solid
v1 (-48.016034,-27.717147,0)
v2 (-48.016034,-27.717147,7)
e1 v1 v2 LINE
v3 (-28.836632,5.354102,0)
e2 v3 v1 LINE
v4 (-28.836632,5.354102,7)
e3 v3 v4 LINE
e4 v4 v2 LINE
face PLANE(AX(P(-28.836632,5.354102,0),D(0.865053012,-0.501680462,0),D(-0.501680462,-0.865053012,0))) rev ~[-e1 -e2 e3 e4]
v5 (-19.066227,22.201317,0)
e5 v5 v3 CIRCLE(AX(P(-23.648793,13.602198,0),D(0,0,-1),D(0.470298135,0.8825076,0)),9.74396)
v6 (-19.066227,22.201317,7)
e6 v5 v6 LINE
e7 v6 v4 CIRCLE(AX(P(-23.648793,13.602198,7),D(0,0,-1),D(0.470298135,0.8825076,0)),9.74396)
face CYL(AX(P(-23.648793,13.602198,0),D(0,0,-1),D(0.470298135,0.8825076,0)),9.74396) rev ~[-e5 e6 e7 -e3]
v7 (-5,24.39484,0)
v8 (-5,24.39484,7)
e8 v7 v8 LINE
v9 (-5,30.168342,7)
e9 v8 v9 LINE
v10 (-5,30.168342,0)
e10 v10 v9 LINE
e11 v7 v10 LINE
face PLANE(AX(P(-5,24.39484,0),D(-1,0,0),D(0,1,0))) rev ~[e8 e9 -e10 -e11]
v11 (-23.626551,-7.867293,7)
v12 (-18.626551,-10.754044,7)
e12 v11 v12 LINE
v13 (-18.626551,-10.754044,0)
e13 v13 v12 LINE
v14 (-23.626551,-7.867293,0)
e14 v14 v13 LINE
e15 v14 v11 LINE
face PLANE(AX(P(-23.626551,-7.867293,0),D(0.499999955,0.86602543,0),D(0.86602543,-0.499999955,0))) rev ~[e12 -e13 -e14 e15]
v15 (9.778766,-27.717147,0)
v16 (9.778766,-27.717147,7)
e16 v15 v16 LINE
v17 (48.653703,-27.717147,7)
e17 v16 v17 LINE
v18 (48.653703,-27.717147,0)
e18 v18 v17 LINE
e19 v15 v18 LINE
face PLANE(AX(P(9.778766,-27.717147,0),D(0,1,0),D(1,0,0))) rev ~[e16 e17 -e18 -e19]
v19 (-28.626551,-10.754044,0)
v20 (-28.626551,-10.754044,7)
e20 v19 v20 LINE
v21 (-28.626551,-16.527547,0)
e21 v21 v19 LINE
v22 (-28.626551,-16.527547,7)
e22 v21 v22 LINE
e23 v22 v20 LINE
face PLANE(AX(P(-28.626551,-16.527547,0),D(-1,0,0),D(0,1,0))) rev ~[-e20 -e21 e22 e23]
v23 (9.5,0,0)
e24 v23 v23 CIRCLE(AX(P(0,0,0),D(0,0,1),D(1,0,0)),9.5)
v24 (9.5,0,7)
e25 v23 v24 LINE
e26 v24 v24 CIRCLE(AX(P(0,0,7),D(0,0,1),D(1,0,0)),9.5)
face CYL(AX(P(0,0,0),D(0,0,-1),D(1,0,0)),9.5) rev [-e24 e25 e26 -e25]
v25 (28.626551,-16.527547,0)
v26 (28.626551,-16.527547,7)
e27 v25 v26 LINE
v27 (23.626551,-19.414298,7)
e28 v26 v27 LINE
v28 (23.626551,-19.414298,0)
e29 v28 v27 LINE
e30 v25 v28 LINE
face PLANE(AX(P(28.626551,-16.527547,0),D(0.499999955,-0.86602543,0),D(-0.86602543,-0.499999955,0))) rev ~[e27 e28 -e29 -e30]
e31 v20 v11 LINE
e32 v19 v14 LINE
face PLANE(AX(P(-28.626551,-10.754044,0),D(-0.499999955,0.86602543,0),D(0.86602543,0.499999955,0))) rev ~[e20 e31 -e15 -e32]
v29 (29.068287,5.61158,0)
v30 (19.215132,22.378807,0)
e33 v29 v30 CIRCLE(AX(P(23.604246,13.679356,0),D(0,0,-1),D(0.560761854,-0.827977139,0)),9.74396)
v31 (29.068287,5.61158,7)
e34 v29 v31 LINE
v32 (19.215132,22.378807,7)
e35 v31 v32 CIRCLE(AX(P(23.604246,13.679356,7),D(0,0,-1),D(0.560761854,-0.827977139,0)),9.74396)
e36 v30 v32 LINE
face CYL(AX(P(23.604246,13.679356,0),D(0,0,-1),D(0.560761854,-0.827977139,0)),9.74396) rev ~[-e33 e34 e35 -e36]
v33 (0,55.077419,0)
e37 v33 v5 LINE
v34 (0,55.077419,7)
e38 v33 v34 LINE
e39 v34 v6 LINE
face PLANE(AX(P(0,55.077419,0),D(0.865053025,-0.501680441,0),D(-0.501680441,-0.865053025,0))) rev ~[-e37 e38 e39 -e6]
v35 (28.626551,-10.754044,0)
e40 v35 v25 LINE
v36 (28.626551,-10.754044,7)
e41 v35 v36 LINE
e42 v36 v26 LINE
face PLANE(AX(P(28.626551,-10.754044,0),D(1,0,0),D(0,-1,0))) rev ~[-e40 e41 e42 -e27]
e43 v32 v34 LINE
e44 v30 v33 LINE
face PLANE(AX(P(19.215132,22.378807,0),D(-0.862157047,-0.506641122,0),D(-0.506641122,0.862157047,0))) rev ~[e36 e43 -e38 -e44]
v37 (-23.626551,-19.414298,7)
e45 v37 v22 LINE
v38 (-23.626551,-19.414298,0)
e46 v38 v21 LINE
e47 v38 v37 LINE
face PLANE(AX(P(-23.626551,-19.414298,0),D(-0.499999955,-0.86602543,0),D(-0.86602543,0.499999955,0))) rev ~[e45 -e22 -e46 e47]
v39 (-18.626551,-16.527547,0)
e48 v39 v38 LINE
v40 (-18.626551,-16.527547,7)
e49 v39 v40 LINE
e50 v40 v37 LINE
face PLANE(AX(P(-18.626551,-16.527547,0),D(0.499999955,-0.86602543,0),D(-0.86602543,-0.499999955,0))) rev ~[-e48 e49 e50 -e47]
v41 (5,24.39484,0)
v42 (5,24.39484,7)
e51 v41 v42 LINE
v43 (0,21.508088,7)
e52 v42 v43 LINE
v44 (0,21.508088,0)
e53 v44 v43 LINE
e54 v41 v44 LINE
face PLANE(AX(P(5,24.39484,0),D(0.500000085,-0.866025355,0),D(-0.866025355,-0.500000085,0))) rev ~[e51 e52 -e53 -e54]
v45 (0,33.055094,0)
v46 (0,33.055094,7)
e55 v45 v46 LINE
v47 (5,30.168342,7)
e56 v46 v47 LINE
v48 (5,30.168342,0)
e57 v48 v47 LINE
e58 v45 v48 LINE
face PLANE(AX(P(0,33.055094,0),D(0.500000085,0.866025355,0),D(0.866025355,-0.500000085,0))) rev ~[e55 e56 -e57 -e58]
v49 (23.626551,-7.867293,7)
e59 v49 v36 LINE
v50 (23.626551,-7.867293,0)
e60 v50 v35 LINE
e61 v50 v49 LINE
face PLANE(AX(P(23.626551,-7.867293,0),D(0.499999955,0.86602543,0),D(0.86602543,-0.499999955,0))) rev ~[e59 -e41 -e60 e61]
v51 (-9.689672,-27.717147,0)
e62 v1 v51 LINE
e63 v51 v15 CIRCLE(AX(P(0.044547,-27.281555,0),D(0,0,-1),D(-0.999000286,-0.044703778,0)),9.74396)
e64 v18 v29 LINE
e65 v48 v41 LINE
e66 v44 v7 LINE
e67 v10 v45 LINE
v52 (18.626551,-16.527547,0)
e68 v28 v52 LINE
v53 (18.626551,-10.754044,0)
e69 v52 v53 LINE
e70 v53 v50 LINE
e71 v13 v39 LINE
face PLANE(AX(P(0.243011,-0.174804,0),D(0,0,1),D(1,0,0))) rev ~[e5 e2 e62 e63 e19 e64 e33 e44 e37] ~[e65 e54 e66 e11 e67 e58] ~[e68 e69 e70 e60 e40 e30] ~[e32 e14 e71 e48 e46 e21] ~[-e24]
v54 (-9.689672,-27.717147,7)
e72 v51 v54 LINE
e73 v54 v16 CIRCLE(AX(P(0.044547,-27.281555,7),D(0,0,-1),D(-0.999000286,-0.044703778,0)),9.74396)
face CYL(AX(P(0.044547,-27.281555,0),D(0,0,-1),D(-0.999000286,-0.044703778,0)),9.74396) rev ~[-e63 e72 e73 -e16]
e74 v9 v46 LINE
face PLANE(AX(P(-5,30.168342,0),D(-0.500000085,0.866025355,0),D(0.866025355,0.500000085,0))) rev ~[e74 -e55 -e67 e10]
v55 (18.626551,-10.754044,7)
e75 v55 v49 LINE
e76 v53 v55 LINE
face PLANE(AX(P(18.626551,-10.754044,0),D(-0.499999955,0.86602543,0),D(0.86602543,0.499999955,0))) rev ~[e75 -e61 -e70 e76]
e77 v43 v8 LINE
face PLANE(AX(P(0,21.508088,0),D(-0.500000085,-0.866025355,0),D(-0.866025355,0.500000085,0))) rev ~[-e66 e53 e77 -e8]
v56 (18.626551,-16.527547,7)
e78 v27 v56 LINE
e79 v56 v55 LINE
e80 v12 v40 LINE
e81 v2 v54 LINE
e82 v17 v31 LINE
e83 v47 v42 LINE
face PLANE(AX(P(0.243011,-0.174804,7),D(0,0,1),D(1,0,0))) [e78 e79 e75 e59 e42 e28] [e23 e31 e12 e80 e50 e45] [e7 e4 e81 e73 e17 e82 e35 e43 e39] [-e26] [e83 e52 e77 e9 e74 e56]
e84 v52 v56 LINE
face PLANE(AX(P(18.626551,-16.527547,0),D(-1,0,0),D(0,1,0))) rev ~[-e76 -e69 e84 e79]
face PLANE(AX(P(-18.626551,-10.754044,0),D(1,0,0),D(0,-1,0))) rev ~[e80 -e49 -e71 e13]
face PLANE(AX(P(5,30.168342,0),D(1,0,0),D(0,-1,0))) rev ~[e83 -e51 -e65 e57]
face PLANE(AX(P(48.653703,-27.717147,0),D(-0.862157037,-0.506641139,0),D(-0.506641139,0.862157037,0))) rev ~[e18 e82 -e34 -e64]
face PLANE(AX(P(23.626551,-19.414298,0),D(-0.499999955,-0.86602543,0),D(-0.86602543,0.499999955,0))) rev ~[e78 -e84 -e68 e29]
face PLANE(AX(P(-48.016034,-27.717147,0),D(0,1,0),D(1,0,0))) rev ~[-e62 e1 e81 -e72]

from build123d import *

# Parameters (mm, degrees)
F0_R     = 9.5
F1_DEPTH = 7


with BuildPart() as f1:
    # F0 (on Top) → F1 (new body)
    with BuildSketch(Plane.XY):
        with BuildLine():
            Line((19.215132, 22.378807), (0, 55.077419))
            Line((0, 55.077419), (-19.066227, 22.201317))
            ThreePointArc((-19.066227, 22.201317), (-15.219751, 8.713844), (-28.836632, 5.354102))
            Line((-28.836632, 5.354102), (-48.016034, -27.717147))
            Line((-48.016034, -27.717147), (-9.689672, -27.717147))
            ThreePointArc((-9.689672, -27.717147), (0.044547, -17.537595), (9.778766, -27.717147))
            Line((9.778766, -27.717147), (48.653703, -27.717147))
            Line((48.653703, -27.717147), (29.068287, 5.61158))
            ThreePointArc((29.068287, 5.61158), (15.203422, 8.742665), (19.215132, 22.378807))
        make_face()
        Polygon((-23.626551, -19.414298), (-28.626551, -16.527547), (-28.626551, -10.754044), (-23.626551, -7.867293), (-18.626551, -10.754044), (-18.626551, -16.527547), align=None, mode=Mode.SUBTRACT)
        Circle(F0_R, mode=Mode.SUBTRACT)
        Polygon((28.626551, -10.754044), (28.626551, -16.527547), (23.626551, -19.414298), (18.626551, -16.527547), (18.626551, -10.754044), (23.626551, -7.867293), align=None, mode=Mode.SUBTRACT)
        Polygon((-5, 30.168342), (0, 33.055094), (5, 30.168342), (5, 24.39484), (0, 21.508088), (-5, 24.39484), align=None, mode=Mode.SUBTRACT)
    extrude(amount=F1_DEPTH)


solid = f1.part
